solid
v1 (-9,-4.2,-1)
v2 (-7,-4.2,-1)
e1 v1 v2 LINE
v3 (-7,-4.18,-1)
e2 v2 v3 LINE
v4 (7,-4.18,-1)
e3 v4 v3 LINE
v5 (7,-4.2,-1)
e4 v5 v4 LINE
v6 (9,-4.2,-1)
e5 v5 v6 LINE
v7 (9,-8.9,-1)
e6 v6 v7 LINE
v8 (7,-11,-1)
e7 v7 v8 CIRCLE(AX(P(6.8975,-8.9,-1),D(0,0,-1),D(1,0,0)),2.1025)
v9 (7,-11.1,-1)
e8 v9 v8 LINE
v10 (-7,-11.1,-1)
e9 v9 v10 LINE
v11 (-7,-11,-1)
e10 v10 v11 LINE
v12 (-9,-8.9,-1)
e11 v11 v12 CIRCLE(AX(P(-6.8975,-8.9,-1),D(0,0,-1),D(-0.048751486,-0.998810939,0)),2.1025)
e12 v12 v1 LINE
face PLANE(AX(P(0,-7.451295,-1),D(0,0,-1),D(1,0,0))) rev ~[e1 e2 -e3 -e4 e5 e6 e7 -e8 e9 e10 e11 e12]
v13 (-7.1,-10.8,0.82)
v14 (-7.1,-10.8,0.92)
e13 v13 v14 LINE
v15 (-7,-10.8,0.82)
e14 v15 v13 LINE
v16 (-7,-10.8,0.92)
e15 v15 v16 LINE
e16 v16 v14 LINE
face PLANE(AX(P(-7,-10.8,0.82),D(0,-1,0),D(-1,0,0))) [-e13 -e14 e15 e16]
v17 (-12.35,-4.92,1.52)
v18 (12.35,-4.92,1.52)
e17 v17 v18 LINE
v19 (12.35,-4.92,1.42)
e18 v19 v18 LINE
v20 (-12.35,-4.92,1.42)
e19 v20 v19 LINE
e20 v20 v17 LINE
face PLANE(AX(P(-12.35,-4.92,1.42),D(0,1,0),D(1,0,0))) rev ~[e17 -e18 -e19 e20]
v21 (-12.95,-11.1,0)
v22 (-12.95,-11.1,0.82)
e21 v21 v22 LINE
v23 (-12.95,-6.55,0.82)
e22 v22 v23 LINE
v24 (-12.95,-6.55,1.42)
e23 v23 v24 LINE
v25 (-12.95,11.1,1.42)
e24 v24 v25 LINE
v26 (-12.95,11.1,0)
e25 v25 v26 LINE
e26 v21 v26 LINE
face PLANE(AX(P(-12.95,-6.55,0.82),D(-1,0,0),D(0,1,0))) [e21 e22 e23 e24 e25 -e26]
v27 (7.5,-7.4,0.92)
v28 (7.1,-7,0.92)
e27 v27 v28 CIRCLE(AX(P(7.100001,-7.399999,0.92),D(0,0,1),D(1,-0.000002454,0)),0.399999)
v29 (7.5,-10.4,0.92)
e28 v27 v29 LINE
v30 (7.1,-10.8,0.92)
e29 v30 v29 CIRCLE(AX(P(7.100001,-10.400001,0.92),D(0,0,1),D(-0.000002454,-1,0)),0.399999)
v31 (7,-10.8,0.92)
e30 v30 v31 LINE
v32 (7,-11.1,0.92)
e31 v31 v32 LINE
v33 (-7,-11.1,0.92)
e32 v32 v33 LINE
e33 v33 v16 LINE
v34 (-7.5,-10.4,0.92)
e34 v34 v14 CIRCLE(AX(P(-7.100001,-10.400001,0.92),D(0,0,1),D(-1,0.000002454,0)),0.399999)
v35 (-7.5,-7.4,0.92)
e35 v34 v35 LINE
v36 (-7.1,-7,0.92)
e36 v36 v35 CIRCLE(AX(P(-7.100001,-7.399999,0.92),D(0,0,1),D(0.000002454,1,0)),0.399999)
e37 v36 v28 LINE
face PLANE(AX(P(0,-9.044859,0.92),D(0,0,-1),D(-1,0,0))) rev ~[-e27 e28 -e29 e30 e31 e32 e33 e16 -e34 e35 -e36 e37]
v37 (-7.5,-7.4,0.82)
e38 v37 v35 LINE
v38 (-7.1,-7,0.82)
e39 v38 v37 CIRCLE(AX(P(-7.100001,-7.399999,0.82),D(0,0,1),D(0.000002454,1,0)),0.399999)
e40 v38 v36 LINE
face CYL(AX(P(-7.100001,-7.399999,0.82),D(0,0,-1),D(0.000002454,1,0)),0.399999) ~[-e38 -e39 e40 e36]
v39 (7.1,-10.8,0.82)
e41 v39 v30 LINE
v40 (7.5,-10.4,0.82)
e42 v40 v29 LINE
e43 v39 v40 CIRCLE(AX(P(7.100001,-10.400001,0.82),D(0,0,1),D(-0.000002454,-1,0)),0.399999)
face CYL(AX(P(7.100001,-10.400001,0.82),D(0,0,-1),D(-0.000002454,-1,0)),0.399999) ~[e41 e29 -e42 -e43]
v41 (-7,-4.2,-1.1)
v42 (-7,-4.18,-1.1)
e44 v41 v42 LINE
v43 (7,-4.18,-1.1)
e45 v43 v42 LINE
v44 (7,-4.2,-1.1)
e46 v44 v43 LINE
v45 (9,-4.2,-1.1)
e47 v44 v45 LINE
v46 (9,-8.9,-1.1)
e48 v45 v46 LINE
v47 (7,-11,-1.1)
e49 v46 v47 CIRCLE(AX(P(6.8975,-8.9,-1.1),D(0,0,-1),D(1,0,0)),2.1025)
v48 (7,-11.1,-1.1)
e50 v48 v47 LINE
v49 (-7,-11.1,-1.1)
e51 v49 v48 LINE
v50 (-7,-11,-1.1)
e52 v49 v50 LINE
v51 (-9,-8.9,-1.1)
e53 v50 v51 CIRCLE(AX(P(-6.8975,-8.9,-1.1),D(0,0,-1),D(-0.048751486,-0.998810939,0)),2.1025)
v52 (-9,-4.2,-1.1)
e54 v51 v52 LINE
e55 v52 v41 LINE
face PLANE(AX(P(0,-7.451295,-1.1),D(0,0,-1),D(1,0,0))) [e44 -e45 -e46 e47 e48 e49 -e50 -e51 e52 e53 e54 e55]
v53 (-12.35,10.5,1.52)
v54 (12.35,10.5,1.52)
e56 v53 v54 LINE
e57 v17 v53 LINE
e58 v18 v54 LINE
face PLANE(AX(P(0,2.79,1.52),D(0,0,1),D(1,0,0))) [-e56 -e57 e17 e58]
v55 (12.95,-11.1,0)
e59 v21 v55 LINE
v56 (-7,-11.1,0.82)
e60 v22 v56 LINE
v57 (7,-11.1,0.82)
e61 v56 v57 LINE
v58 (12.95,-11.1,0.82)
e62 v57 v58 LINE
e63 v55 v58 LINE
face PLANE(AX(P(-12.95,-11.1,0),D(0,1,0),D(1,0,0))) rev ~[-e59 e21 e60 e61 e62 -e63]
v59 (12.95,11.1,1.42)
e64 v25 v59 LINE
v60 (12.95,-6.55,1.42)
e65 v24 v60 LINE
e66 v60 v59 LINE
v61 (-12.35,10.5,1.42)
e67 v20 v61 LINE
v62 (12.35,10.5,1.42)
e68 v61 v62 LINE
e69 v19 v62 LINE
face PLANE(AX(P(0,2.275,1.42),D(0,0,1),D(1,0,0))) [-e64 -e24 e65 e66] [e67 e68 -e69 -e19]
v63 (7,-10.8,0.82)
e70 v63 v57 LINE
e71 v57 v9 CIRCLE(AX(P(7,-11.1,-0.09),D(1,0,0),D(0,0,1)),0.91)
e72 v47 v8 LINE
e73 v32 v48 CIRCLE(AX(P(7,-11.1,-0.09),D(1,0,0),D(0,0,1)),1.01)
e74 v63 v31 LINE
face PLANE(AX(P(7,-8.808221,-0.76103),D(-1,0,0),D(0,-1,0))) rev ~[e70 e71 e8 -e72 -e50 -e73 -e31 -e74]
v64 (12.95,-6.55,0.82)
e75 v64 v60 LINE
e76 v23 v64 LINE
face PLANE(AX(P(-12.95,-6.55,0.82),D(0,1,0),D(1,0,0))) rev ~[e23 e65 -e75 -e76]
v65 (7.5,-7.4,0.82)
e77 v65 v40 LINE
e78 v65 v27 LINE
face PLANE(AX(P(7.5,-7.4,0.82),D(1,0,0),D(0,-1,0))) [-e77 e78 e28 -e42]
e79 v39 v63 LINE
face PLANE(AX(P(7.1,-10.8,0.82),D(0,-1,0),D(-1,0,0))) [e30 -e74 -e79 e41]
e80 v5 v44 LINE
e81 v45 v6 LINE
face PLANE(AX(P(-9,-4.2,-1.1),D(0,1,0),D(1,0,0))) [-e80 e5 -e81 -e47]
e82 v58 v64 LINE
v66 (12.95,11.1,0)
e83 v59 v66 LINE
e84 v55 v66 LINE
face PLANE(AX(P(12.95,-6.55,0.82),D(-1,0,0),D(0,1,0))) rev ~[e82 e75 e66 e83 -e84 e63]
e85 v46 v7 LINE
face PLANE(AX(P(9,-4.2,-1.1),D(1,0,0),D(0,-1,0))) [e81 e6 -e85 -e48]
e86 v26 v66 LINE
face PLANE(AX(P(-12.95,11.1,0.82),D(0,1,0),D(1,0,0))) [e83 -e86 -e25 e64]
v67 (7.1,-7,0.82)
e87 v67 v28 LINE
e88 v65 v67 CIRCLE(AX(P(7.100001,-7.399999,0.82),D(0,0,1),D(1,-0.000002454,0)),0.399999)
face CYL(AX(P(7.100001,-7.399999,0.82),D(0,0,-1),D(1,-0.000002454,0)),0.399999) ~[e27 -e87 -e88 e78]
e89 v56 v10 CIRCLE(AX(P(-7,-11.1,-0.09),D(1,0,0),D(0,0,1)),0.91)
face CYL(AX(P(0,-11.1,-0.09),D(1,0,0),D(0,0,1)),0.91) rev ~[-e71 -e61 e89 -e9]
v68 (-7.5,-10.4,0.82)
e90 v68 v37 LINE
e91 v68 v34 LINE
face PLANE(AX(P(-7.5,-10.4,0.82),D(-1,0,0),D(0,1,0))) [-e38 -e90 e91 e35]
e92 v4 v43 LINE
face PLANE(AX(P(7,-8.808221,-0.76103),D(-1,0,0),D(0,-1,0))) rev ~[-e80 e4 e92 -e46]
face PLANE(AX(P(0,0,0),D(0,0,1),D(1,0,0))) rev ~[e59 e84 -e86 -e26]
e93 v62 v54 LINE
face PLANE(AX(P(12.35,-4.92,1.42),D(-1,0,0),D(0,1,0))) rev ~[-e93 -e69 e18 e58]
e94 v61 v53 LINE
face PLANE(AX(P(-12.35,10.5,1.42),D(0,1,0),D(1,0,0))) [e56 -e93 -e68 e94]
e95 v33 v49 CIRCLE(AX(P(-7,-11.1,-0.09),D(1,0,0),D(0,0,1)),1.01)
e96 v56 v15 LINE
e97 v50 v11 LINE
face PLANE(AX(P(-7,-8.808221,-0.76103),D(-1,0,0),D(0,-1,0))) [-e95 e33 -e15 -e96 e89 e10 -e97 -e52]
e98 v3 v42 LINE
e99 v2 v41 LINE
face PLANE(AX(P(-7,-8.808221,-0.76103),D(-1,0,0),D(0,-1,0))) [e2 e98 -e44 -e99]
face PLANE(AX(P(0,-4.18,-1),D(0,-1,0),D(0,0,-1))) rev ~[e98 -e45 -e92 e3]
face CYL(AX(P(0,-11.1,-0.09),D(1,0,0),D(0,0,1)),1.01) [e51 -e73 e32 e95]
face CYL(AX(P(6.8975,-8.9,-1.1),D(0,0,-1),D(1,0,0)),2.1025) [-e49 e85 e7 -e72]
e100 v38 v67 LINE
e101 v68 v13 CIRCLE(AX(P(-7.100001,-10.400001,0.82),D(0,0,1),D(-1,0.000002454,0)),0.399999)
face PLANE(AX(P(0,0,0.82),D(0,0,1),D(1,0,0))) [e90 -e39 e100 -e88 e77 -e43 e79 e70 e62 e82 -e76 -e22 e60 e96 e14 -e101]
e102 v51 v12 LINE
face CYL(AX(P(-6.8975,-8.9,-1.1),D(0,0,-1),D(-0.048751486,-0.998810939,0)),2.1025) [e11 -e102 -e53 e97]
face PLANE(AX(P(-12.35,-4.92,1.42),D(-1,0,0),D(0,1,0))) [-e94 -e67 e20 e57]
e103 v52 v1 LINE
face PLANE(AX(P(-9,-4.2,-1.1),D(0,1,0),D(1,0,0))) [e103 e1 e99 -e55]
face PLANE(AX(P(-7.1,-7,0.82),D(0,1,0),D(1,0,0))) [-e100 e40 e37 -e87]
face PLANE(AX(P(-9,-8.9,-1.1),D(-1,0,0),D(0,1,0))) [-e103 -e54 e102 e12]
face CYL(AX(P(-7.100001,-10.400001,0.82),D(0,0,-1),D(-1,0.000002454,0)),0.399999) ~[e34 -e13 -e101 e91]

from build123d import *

# Parameters (mm, degrees)
SKETCH_W     = 25.9
SKETCH_H     = 22.2
PAD_DEPTH    = 0.82
SKETCH001_W  = 25.9
SKETCH001_H  = 17.65
PAD001_DEPTH = 0.6
SKETCH002_W  = 24.7
SKETCH002_H  = 15.42
PAD002_DEPTH = 0.1
PAD003_DEPTH = 0.1
PAD004_DEPTH = 7
PAD005_DEPTH = 0.1


with BuildPart() as part:
    # Sketch → Pad (new body)
    with BuildSketch(Plane.XY):
        Rectangle(SKETCH_W, SKETCH_H)
    extrude(amount=PAD_DEPTH)

    # Sketch001 (on Face6 of Pad) → Pad001 (join)
    with BuildSketch(Plane.XY.offset(0.82)):
        with Locations((0, 2.275)):
            Rectangle(SKETCH001_W, SKETCH001_H)
    extrude(amount=PAD001_DEPTH)

    # Sketch002 (on Face10 of Pad001) → Pad002 (join)
    with BuildSketch(Plane.XY.offset(1.42)):
        with Locations((0, 2.79)):
            Rectangle(SKETCH002_W, SKETCH002_H)
    extrude(amount=PAD002_DEPTH)

    # Sketch003 (on Face7 of Pad002) → Pad003 (join)
    with BuildSketch(Plane.XY.offset(0.82)):
        with BuildLine():
            Line((-7.1, -7), (7.1, -7))
            ThreePointArc((7.5, -7.4), (7.382843, -7.117157), (7.1, -7))
            Line((7.5, -7.4), (7.5, -10.4))
            ThreePointArc((7.1, -10.8), (7.382843, -10.682843), (7.5, -10.4))
            Line((7.1, -10.8), (7, -10.8))
            Line((7, -10.8), (7, -11.1))
            Line((7, -11.1), (-7, -11.1))
            Line((-7, -11.1), (-7, -10.8))
            Line((-7, -10.8), (-7.1, -10.8))
            ThreePointArc((-7.5, -10.4), (-7.382843, -10.682843), (-7.1, -10.8))
            Line((-7.5, -10.4), (-7.5, -7.4))
            ThreePointArc((-7.1, -7), (-7.382843, -7.117157), (-7.5, -7.4))
        make_face()
    extrude(amount=PAD003_DEPTH)

    # Sketch004 → Pad004 (join, symmetric)
    with BuildSketch(Plane.YZ):
        with BuildLine():
            ThreePointArc((-11.1, 0.82), (-12.01, -0.09), (-11.1, -1))
            Line((-11.1, -1), (-4.18, -1))
            Line((-4.18, -1), (-4.18, -1.1))
            Line((-11.1, -1.1), (-4.18, -1.1))
            ThreePointArc((-11.1, 0.92), (-12.11, -0.09), (-11.1, -1.1))
            Line((-11.1, 0.82), (-11.1, 0.92))
        make_face()
    extrude(amount=PAD004_DEPTH, both=True)

    # Sketch005 (on Face34 of Pad004) → Pad005 (join)
    with BuildSketch(Plane(origin=(0, 0, -1.1), x_dir=(1, 0, 0), z_dir=(0, 0, -1))):
        with BuildLine():
            Line((-9, 4.2), (9, 4.2))
            Line((9, 4.2), (9, 8.9))
            ThreePointArc((9, 8.9), (8.42, 10.35), (7, 11))
            Line((7, 11), (-7, 11))
            ThreePointArc((-7, 11), (-8.42, 10.35), (-9, 8.9))
            Line((-9, 8.9), (-9, 4.2))
        make_face()
    extrude(amount=-PAD005_DEPTH)


solid = part.part
